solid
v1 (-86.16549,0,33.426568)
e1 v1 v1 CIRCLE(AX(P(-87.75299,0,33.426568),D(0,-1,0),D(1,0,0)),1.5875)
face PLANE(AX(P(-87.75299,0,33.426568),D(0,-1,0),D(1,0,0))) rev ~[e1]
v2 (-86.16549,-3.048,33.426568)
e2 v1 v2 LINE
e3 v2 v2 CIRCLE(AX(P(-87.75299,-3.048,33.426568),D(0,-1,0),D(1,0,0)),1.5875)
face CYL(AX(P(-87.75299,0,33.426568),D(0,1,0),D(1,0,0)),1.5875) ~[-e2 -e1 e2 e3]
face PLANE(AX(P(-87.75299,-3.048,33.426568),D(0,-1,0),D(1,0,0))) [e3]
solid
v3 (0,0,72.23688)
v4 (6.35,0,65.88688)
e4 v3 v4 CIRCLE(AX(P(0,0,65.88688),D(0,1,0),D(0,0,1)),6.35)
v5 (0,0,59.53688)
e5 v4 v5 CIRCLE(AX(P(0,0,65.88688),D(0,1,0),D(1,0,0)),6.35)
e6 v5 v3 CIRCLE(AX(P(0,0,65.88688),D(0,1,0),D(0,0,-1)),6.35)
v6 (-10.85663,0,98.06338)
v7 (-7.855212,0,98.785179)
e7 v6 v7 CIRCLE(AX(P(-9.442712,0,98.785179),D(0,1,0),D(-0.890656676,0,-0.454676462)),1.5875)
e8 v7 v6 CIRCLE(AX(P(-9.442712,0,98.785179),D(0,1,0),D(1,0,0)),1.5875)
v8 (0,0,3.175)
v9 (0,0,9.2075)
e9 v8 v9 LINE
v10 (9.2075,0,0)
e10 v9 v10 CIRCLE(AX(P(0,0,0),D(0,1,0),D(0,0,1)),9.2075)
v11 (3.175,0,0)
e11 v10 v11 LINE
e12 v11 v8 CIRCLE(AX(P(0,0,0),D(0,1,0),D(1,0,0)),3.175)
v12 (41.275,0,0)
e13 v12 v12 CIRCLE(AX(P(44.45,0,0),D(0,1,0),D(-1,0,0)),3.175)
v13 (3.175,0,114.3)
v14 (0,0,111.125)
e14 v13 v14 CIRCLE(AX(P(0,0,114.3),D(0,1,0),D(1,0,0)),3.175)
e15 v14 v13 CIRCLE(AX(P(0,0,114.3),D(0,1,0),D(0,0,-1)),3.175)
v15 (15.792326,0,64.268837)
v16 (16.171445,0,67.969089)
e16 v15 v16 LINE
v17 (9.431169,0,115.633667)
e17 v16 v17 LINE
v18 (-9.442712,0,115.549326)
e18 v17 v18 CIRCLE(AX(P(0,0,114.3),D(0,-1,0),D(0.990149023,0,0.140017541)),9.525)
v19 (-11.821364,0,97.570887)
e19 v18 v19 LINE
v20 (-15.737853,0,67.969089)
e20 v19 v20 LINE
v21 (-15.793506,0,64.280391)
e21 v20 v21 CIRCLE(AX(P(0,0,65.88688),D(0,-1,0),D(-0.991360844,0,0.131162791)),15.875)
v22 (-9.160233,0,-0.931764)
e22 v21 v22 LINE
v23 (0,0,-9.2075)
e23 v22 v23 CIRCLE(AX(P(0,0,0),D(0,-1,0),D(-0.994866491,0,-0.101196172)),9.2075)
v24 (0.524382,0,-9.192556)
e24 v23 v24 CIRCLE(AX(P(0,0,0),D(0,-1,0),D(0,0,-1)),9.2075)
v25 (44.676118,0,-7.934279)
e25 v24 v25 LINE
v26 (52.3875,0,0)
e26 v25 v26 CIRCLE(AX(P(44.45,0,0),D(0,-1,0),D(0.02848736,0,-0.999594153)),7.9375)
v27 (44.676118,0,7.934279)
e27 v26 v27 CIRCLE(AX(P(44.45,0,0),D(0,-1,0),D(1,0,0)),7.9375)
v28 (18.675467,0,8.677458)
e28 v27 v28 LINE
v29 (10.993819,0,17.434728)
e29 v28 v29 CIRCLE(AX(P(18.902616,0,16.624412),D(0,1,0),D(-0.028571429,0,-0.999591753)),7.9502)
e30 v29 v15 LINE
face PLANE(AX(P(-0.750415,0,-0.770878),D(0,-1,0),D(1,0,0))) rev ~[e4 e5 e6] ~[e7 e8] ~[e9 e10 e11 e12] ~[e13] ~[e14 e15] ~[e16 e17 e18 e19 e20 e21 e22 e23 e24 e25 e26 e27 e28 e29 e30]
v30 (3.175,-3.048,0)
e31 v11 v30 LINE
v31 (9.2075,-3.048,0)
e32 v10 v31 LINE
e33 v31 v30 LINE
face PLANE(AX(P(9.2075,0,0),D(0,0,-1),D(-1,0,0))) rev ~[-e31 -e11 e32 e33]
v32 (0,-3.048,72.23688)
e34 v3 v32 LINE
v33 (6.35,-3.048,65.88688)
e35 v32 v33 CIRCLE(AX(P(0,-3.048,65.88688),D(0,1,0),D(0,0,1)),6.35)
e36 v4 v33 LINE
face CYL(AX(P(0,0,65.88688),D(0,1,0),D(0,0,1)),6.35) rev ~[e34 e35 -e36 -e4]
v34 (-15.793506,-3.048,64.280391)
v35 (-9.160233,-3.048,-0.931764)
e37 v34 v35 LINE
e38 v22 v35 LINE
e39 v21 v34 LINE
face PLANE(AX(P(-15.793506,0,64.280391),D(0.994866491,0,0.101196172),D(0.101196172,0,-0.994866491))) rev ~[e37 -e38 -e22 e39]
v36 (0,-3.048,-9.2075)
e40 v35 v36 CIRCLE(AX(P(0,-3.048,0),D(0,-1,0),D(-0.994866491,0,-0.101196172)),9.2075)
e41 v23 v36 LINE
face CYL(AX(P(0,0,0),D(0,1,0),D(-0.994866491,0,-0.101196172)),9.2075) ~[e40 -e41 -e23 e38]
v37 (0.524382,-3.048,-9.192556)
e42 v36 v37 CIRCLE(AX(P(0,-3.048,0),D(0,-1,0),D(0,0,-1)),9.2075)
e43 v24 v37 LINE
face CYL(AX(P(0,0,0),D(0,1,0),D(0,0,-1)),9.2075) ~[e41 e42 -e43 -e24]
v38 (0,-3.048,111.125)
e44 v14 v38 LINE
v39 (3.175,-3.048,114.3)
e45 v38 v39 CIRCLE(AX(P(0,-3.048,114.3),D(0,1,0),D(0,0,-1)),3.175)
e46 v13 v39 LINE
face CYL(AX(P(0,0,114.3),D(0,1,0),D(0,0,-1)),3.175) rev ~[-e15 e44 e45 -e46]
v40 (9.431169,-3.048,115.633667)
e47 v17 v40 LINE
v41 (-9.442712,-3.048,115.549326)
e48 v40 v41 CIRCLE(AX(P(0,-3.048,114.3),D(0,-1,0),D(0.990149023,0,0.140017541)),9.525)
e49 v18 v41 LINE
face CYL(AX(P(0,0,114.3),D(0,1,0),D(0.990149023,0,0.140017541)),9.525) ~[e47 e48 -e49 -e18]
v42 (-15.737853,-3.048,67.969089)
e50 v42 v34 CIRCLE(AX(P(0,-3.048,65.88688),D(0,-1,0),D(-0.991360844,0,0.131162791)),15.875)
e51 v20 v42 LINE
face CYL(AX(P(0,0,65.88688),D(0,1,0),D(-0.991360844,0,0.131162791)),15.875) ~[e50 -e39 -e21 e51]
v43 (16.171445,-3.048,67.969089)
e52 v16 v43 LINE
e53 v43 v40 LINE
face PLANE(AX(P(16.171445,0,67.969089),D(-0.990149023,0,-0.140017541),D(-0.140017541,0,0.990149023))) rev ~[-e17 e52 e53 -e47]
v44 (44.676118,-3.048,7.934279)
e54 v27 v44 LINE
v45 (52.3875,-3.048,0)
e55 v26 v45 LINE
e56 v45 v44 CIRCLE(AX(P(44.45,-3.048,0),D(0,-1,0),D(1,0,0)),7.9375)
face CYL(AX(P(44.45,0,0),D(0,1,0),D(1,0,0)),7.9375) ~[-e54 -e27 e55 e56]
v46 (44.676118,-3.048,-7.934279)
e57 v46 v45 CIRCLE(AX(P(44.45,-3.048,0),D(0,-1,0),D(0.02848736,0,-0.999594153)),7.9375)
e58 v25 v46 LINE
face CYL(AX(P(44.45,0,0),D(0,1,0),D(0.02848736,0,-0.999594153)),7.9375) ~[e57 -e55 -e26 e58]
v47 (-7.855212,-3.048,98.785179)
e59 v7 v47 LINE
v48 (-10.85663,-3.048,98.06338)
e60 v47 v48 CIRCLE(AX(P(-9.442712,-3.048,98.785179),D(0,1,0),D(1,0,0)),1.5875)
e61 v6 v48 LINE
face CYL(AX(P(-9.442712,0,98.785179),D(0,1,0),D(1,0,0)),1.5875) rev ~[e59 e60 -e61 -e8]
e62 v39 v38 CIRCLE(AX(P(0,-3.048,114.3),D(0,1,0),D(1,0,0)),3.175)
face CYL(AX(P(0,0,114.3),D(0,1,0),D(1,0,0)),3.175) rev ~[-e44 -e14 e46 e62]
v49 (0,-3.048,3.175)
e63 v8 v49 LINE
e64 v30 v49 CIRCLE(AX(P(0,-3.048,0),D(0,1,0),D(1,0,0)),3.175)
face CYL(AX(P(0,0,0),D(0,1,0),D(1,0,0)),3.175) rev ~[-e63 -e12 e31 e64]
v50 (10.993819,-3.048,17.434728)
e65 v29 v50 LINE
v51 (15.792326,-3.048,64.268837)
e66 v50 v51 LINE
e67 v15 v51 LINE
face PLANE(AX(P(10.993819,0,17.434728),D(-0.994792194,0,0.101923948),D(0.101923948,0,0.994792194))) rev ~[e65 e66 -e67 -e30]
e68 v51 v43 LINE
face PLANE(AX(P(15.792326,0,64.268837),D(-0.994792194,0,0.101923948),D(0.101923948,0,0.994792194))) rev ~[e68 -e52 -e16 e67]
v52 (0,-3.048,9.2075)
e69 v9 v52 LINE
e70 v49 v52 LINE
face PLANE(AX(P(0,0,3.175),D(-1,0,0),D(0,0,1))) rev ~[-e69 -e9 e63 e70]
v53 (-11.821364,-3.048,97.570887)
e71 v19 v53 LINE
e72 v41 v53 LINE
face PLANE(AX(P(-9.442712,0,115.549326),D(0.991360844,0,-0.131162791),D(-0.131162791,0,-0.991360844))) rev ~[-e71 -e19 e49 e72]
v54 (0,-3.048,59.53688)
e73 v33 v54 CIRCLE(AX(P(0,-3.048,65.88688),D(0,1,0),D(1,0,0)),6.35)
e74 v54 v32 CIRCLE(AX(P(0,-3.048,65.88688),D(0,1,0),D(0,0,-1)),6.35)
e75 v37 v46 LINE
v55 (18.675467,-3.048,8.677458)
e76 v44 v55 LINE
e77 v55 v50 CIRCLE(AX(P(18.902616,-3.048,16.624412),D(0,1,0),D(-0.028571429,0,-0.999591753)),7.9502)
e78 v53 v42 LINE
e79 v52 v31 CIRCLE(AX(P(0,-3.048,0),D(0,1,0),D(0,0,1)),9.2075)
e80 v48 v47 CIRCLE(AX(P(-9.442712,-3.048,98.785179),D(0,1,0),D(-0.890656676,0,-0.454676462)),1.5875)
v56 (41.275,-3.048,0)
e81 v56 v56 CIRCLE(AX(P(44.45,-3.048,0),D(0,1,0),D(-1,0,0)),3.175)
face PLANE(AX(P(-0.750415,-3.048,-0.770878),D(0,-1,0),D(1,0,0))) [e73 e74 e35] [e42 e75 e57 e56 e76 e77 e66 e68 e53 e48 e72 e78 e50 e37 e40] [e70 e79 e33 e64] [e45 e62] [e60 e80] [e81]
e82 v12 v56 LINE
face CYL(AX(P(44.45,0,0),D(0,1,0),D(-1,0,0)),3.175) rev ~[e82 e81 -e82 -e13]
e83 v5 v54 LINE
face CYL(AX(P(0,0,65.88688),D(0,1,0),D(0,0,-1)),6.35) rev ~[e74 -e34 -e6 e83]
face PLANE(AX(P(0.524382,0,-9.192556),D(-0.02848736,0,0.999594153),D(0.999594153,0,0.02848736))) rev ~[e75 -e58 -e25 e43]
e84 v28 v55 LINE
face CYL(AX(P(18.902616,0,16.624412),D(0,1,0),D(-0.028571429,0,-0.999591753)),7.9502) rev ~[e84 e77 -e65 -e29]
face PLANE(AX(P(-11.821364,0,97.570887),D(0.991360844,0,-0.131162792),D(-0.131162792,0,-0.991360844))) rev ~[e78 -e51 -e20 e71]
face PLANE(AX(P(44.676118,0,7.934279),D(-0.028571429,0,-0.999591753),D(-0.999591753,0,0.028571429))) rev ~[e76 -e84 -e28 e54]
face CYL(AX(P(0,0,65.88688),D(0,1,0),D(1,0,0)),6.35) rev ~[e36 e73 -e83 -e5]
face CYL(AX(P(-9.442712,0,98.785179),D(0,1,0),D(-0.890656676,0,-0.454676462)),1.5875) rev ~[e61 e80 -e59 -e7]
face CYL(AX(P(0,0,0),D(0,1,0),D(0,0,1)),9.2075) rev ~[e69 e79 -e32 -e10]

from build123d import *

# Parameters (mm, degrees)
F1_DEPTH = 3.048
F0_R     = 1.5875


with BuildPart() as f1:
    # F0 (on Front) → F1 (new body)
    with BuildSketch(Plane.XZ):
        with BuildLine():
            ThreePointArc((0, 9.2075), (-6.8321764832, 6.1724728232), (-9.1602332154, -0.9317637518))
            ThreePointArc((-9.1602332154, -0.9317637518), (-6.1724728232, -6.8321764832), (0, -9.2075))
            Line((0, -9.2075), (0.5243818332, -9.1925556807))
            ThreePointArc((0.5243818332, -9.1925556807), (6.6935155927, -6.3225710957), (9.2075, 0))
            Line((9.2075, 0), (3.175, 0))
            ThreePointArc((3.175, 0), (-2.2450640303, -2.2450640303), (0, 3.175))
            Line((0, 3.175), (0, 9.2075))
        make_face()
        with BuildLine():
            Line((-15.7935055438, 64.2803905015), (-9.1602332154, -0.9317637518))
            ThreePointArc((-9.1602332154, -0.9317637518), (-6.8321764832, 6.1724728232), (0, 9.2075))
            Line((0, 9.2075), (0, 50.0118797288))
            ThreePointArc((0, 50.0118797288), (-10.6421945227, 54.1072651026), (-15.7935055438, 64.2803905015))
        make_face()
        with BuildLine():
            Line((0.5243818332, -9.1925556807), (0, -9.2075))
            ThreePointArc((0, -9.2075), (0.2622973692, -9.2037631619), (0.5243818332, -9.1925556807))
        make_face()
        with BuildLine():
            Line((0, 50.0118797288), (0, 9.2075))
            ThreePointArc((0, 9.2075), (6.5106856878, 6.5106856878), (9.2075, 0))
            Line((9.2075, 0), (36.5125, 0))
            ThreePointArc((36.5125, 0), (38.9178624711, 5.6920436235), (44.6761184218, 7.9342785878))
            Line((44.6761184218, 7.9342785878), (18.6754674163, 8.6774577476))
            ThreePointArc((18.6754674163, 8.6774577476), (12.9259239971, 11.381814197), (10.9938190933, 17.4347278734))
            Line((10.9938190933, 17.4347278734), (15.7923260724, 64.2688370156))
            ThreePointArc((15.7923260724, 64.2688370156), (10.637885056, 54.1033731821), (0, 50.0118797288))
        make_face()
        with BuildLine():
            ThreePointArc((-15.7378533914, 67.9690890438), (-15.8731935447, 66.1263618596), (-15.7935055438, 64.2803905015))
            ThreePointArc((-15.7935055438, 64.2803905015), (-10.6421945227, 54.1072651026), (0, 50.0118797288))
            Line((0, 50.0118797288), (0, 59.5368797288))
            ThreePointArc((0, 59.5368797288), (-6.35, 65.8868797288), (0, 72.2368797288))
            Line((0, 72.2368797288), (0, 81.7618797288))
            ThreePointArc((0, 81.7618797288), (-10.4632822796, 77.8256966274), (-15.7378533914, 67.9690890438))
        make_face()
        with BuildLine():
            ThreePointArc((9.2075, 0), (6.6935155927, -6.3225710957), (0.5243818332, -9.1925556807))
            Line((0.5243818332, -9.1925556807), (44.6761184218, -7.9342785878))
            ThreePointArc((44.6761184218, -7.9342785878), (38.9178624711, -5.6920436235), (36.5125, 0))
            Line((36.5125, 0), (9.2075, 0))
        make_face()
        with BuildLine():
            Line((0, 59.5368797288), (0, 50.0118797288))
            ThreePointArc((0, 50.0118797288), (10.637885056, 54.1033731821), (15.7923260724, 64.2688370156))
            ThreePointArc((15.7923260724, 64.2688370156), (15.8543180459, 65.076803004), (15.875, 65.8868797288))
            ThreePointArc((15.875, 65.8868797288), (11.2253201513, 77.1121998801), (0, 81.7618797288))
            Line((0, 81.7618797288), (0, 72.2368797288))
            ThreePointArc((0, 72.2368797288), (4.4901280605, 70.3770077893), (6.35, 65.8868797288))
            ThreePointArc((6.35, 65.8868797288), (4.4901280605, 61.3967516682), (0, 59.5368797288))
        make_face()
        with BuildLine():
            Line((-11.8213637196, 97.5708873916), (-15.7378533914, 67.9690890438))
            ThreePointArc((-15.7378533914, 67.9690890438), (-10.4632822796, 77.8256966274), (0, 81.7618797288))
            Line((0, 81.7618797288), (0, 104.775))
            ThreePointArc((0, 104.775), (-7.1632901392, 108.0220306323), (-9.4427120348, 115.549325589))
            Line((-9.4427120348, 115.549325589), (-11.8213637196, 97.5708873916))
        make_face()
        with BuildLine():
            ThreePointArc((-7.8552120348, 98.785179005), (-9.0715232279, 97.2416845543), (-10.8566295083, 98.0633801216))
            ThreePointArc((-10.8566295083, 98.0633801216), (-9.8139008418, 100.3286734558), (-7.8552120348, 98.785179005))
        make_face(mode=Mode.SUBTRACT)
        with BuildLine():
            ThreePointArc((36.5125, 0), (38.9178624711, -5.6920436235), (44.6761184218, -7.9342785878))
            ThreePointArc((44.6761184218, -7.9342785878), (50.1420436235, -5.5321375289), (52.3875, 0))
            ThreePointArc((52.3875, 0), (50.1420436235, 5.5321375289), (44.6761184218, 7.9342785878))
            ThreePointArc((44.6761184218, 7.9342785878), (38.9178624711, 5.6920436235), (36.5125, 0))
        make_face()
        with BuildLine():
            ThreePointArc((47.625, 0), (44.45, -3.175), (41.275, 0))
            ThreePointArc((41.275, 0), (44.45, 3.175), (47.625, 0))
        make_face(mode=Mode.SUBTRACT)
        with BuildLine():
            ThreePointArc((15.875, 65.8868797288), (15.8543180459, 65.076803004), (15.7923260724, 64.2688370156))
            Line((15.7923260724, 64.2688370156), (16.1714447427, 67.9690890438))
            Line((16.1714447427, 67.9690890438), (9.4311694465, 115.6336670764))
            ThreePointArc((9.4311694465, 115.6336670764), (9.5015134052, 114.9684818703), (9.525, 114.3))
            ThreePointArc((9.525, 114.3), (6.7351920908, 107.5648079092), (0, 104.775))
            Line((0, 104.775), (0, 81.7618797288))
            ThreePointArc((0, 81.7618797288), (11.2253201513, 77.1121998801), (15.875, 65.8868797288))
        make_face()
        with BuildLine():
            ThreePointArc((-9.4427120348, 115.549325589), (-7.1632901392, 108.0220306323), (0, 104.775))
            ThreePointArc((0, 104.775), (6.7351920908, 107.5648079092), (9.525, 114.3))
            ThreePointArc((9.525, 114.3), (9.5015134052, 114.9684818703), (9.4311694465, 115.6336670764))
            ThreePointArc((9.4311694465, 115.6336670764), (-0.0425638281, 123.8249048982), (-9.4427120348, 115.549325589))
        make_face()
        with BuildLine():
            ThreePointArc((3.175, 114.3), (2.2450640303, 112.0549359697), (0, 111.125))
            ThreePointArc((0, 111.125), (-2.2450640303, 116.5450640303), (3.175, 114.3))
        make_face(mode=Mode.SUBTRACT)
    extrude(amount=F1_DEPTH)


with BuildPart() as f1b:
    # F0 (on Front) → F1, piece 2 (new body)
    with BuildSketch(Plane.XZ):
        with Locations((-87.7529904246, 33.4265679121)):
            Circle(F0_R)
    extrude(amount=F1_DEPTH)


solid = Compound([f1.part, f1b.part])
